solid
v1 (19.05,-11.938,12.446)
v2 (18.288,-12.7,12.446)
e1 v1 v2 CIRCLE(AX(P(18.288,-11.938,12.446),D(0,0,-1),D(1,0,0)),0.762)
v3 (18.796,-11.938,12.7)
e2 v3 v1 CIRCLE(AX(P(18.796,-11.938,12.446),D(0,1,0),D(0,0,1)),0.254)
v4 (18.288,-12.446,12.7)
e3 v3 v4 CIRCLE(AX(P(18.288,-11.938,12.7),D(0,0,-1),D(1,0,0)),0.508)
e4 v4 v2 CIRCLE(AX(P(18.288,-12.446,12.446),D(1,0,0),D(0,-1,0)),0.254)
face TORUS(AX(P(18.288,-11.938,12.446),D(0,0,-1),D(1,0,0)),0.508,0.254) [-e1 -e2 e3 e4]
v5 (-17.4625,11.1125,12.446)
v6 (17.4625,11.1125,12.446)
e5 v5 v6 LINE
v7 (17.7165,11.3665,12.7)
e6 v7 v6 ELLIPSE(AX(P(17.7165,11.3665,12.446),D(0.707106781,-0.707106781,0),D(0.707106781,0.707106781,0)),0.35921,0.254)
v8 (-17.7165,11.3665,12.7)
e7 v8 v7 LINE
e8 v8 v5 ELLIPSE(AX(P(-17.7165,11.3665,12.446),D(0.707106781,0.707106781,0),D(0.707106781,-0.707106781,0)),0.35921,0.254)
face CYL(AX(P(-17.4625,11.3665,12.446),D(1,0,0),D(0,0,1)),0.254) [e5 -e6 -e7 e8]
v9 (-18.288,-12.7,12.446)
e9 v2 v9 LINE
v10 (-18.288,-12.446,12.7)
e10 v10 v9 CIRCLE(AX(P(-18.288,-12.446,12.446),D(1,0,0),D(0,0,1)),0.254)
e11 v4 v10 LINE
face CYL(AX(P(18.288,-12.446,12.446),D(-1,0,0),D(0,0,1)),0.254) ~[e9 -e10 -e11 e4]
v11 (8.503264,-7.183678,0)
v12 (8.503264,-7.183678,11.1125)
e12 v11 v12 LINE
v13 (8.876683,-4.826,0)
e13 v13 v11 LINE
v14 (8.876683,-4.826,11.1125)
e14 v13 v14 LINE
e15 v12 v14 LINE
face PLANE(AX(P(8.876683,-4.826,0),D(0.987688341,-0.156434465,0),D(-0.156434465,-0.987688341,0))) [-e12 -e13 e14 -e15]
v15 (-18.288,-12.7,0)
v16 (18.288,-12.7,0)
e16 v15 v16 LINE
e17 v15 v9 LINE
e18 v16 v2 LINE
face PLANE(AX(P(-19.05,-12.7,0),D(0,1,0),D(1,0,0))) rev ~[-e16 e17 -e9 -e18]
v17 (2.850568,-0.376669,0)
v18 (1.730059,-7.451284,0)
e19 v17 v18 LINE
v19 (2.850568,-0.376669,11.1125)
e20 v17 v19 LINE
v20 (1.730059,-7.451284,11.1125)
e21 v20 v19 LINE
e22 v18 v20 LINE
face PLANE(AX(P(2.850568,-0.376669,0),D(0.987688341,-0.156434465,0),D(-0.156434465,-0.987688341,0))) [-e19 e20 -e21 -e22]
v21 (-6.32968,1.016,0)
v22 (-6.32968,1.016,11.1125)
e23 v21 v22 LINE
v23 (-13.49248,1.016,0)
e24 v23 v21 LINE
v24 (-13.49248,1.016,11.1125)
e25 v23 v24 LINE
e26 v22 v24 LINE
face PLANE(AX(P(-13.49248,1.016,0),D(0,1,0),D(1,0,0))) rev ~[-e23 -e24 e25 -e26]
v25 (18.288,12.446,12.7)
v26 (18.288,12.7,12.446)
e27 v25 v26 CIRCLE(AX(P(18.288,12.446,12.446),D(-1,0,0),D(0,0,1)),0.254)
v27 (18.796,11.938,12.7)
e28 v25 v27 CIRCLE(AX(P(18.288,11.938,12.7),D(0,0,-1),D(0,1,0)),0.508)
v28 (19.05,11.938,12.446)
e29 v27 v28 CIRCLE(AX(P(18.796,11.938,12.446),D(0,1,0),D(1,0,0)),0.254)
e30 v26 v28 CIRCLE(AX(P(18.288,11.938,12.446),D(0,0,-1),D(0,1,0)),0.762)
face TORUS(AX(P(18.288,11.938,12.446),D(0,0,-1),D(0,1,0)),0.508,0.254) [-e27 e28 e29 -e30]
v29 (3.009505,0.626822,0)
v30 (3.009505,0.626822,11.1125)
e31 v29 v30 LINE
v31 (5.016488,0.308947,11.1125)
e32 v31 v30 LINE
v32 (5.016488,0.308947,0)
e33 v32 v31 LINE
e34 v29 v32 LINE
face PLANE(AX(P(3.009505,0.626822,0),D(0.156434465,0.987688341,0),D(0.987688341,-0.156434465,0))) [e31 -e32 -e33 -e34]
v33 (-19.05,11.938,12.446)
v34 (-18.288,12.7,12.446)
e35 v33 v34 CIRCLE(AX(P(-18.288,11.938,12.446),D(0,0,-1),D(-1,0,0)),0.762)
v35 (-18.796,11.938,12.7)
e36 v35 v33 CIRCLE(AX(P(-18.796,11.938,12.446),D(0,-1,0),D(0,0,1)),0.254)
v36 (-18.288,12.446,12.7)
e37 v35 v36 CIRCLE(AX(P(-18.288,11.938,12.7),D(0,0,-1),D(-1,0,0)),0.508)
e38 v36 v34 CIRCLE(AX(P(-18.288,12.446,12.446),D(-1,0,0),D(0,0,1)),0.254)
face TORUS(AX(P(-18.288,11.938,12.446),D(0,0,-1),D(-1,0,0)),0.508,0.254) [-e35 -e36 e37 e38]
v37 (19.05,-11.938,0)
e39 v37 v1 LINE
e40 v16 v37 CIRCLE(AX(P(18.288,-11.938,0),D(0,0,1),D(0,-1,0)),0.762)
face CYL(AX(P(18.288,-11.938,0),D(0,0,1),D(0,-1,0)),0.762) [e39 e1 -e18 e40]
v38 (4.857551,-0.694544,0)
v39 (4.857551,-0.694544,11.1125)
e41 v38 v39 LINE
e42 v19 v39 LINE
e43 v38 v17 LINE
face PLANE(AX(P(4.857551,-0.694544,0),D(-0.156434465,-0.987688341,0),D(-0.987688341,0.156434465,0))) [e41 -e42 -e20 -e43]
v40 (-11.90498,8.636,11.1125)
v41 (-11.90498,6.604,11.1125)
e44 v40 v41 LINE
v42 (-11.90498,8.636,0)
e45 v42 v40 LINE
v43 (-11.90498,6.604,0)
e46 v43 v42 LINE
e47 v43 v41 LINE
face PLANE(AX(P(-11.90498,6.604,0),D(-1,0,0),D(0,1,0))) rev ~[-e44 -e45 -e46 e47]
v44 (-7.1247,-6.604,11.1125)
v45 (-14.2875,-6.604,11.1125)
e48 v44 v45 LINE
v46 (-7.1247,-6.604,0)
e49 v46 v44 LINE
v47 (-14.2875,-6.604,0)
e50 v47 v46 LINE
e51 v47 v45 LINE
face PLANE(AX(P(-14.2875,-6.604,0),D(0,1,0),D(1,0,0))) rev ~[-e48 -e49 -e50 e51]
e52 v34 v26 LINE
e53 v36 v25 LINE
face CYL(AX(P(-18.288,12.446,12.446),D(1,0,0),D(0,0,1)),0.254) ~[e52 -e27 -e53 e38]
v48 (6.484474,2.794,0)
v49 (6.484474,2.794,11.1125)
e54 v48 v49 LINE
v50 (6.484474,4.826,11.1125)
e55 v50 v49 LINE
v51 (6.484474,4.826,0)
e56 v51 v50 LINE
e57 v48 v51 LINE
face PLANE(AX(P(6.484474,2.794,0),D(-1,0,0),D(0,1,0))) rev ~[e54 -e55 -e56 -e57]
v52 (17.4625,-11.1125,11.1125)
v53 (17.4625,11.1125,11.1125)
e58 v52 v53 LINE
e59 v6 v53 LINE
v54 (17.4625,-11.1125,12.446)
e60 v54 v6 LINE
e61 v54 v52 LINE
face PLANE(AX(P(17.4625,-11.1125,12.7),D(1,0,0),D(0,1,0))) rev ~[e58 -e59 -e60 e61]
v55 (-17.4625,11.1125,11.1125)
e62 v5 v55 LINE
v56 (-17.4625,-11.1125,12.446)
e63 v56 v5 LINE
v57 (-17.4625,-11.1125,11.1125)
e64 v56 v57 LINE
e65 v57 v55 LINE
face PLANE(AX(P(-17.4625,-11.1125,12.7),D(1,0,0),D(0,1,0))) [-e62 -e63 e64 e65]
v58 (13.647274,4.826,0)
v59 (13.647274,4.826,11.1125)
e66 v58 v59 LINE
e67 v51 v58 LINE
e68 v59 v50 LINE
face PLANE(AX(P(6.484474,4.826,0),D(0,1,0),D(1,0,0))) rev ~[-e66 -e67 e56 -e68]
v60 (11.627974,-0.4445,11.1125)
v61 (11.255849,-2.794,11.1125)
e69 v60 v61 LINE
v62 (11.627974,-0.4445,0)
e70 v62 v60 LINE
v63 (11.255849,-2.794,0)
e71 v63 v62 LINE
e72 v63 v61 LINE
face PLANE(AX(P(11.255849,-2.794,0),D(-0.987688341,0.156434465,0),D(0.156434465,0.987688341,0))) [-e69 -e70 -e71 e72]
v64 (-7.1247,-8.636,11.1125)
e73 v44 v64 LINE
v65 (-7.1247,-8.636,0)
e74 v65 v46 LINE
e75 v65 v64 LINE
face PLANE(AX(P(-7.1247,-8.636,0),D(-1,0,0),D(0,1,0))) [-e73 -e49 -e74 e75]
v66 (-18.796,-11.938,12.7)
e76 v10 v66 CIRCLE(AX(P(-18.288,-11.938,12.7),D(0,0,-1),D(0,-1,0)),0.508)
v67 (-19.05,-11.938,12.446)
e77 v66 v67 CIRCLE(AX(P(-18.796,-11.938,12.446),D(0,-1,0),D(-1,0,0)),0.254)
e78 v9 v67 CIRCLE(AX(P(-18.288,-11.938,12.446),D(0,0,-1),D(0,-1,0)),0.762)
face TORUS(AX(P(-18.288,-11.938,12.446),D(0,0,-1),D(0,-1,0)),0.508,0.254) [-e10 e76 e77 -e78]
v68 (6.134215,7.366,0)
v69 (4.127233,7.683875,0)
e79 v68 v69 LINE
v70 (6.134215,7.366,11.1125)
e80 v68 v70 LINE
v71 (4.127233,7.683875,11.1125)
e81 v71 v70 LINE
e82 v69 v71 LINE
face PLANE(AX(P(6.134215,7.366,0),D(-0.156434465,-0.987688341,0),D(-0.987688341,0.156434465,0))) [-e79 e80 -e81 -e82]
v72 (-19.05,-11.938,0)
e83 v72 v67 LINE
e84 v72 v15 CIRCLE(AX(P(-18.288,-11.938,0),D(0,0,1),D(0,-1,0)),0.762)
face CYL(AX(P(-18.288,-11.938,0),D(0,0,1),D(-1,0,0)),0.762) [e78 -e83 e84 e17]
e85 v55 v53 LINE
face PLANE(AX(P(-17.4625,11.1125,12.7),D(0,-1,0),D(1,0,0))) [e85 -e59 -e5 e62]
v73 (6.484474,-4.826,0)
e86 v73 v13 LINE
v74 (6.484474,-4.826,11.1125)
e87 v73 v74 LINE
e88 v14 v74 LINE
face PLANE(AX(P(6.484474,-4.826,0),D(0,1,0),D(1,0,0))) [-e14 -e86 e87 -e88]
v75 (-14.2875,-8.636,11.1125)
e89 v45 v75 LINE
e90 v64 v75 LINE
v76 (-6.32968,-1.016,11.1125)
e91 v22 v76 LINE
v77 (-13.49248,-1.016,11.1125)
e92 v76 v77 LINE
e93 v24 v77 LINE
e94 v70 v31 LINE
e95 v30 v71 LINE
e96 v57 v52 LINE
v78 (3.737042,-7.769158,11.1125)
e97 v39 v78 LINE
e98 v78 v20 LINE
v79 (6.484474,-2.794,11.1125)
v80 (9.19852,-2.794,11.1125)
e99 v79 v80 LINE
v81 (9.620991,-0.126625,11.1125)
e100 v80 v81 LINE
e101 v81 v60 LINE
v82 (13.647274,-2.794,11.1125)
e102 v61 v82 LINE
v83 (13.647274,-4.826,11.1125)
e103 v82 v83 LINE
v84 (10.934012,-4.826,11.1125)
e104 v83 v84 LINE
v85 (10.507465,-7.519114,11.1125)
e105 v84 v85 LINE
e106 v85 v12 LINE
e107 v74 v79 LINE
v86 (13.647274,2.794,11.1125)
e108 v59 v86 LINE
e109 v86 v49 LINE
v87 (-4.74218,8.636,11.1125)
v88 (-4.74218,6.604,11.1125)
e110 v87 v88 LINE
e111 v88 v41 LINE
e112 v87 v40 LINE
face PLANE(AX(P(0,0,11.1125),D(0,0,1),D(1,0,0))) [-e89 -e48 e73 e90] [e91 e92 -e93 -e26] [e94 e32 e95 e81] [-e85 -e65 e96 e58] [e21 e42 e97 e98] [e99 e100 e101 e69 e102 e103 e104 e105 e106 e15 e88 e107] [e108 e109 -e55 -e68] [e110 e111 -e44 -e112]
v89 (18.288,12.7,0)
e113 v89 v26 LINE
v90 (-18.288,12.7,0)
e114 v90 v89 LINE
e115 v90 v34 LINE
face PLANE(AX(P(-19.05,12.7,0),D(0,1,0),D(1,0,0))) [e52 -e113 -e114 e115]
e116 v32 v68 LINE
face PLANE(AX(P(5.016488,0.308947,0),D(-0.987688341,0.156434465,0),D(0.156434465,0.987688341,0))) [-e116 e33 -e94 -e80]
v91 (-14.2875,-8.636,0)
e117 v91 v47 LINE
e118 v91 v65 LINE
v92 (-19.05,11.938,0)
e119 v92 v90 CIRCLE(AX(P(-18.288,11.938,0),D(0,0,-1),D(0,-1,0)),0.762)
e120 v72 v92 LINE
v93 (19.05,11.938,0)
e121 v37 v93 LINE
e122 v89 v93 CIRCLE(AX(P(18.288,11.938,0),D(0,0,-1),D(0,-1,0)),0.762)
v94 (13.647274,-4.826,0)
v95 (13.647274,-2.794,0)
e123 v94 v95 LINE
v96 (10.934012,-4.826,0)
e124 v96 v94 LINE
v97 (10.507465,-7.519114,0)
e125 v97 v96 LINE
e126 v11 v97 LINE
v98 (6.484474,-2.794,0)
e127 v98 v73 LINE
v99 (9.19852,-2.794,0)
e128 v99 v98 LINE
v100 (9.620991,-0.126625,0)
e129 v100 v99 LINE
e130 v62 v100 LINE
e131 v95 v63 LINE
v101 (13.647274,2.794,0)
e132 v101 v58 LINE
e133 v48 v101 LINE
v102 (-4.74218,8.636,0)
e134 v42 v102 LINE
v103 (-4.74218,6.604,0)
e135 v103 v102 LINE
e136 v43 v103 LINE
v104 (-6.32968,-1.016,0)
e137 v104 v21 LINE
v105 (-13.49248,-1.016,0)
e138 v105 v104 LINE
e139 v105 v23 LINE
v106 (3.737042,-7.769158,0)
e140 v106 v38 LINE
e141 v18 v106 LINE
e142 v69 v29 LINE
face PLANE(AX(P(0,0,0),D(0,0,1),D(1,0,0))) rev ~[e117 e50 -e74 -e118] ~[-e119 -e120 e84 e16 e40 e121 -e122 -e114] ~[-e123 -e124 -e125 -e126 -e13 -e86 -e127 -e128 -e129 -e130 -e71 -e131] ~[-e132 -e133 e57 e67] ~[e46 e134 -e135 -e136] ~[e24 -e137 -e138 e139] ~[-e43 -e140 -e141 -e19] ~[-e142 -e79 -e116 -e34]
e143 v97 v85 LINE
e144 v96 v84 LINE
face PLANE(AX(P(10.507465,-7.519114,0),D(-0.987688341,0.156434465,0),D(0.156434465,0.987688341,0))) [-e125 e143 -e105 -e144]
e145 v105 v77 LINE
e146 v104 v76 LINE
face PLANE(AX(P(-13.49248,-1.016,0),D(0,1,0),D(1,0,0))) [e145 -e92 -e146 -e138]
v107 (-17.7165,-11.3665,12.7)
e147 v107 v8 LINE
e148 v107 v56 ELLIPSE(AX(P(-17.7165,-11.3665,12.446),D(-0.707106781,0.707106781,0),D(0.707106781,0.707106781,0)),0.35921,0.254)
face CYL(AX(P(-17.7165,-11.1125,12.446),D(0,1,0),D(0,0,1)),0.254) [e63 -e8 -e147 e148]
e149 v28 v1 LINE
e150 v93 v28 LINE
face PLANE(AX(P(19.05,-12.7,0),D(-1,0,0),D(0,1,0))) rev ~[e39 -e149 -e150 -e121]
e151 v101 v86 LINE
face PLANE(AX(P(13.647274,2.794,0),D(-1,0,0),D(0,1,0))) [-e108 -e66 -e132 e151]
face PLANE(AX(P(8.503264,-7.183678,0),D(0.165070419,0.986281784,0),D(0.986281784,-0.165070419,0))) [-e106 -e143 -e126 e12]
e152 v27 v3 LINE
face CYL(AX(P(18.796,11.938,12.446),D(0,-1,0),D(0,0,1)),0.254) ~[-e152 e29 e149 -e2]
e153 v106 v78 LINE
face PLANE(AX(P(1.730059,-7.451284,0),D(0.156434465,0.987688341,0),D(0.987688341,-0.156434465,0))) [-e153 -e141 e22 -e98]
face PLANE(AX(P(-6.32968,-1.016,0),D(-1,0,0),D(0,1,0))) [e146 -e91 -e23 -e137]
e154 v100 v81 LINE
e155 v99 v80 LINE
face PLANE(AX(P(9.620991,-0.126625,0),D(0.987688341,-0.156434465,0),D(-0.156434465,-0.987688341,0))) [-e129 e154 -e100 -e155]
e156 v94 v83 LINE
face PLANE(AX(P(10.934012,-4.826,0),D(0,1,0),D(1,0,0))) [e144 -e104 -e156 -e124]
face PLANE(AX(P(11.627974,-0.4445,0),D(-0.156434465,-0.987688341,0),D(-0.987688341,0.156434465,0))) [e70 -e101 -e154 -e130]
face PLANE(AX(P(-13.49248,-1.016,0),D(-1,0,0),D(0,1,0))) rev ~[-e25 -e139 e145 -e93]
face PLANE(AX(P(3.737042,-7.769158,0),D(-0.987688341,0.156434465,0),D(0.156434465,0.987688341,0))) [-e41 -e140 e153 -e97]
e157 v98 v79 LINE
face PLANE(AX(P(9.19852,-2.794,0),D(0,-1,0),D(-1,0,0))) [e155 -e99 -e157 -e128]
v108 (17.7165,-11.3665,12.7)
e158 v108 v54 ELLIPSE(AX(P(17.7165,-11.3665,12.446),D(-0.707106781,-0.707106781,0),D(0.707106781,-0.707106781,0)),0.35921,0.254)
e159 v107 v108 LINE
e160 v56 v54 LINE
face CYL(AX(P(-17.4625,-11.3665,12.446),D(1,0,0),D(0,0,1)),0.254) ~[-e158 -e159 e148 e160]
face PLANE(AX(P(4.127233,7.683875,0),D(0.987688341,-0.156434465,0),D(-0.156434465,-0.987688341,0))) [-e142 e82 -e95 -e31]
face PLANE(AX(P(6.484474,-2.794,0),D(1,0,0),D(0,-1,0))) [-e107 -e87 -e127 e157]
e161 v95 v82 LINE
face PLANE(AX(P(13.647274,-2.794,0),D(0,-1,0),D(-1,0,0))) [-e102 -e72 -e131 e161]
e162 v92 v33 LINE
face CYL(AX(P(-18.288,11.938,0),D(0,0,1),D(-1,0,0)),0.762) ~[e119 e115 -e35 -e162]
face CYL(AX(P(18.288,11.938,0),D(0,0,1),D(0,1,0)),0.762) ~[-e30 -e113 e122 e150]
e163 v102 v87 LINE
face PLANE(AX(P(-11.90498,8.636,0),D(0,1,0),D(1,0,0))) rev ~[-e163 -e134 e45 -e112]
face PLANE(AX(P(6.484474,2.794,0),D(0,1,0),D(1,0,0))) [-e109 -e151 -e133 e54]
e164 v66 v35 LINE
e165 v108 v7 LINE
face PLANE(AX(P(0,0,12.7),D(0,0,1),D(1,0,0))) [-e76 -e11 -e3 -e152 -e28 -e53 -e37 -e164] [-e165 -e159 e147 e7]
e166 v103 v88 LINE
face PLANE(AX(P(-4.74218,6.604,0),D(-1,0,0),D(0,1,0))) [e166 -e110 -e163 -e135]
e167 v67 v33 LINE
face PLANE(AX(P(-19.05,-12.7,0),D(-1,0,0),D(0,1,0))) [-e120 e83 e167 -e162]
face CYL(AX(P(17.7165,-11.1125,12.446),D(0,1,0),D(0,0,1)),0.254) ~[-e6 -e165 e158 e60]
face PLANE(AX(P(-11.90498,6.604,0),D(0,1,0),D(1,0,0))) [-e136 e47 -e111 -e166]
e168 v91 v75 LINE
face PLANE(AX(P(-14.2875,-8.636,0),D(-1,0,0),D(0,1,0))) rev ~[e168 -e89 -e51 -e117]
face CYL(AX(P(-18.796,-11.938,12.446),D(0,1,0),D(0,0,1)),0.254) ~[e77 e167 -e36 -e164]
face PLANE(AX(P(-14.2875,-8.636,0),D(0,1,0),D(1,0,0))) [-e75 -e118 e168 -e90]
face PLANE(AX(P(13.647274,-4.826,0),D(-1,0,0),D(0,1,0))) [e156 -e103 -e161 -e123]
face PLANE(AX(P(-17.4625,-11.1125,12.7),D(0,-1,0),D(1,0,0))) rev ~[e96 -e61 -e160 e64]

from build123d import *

# Parameters (mm, degrees)
F0_W     = 38.1
F0_H     = 25.4
F1_DEPTH = 12.7
F2_W     = 34.925
F2_H     = 22.225
F3_DEPTH = 1.5875
F4_R     = 0.762
F5_R     = 0.254
F6_W     = 7.1628
F6_H     = 2.032
F7_DEPTH = 25.4


with BuildPart() as f1:
    # F0 (on Top) → F1 (new body)
    with BuildSketch(Plane.XY):
        Rectangle(F0_W, F0_H)
    extrude(amount=F1_DEPTH)

    # F2 (on face) → F3 (cut)
    with BuildSketch(Plane.XY.offset(12.7)):
        Rectangle(F2_W, F2_H)
    extrude(amount=-F3_DEPTH, mode=Mode.SUBTRACT)

    # F4
    f4_edges = [f1.edges().sort_by_distance(p)[0] for p in [
        (-19.05, -12.7, 6.35),
        (-19.05, 12.7, 6.35),
        (19.05, 12.7, 6.35),
        (19.05, -12.7, 6.35),
    ]]
    fillet(f4_edges, radius=F4_R)

    # F5
    f5_edges = [f1.edges().sort_by_distance(p)[0] for p in [
        (0, 12.7, 12.7),
        (18.826815, 12.476815, 12.7),
        (-18.826815, 12.476815, 12.7),
        (19.05, 0, 12.7),
        (-19.05, 0, 12.7),
        (18.826815, -12.476815, 12.7),
        (-18.826815, -12.476815, 12.7),
        (0, -12.7, 12.7),
        (0, 11.1125, 12.7),
        (-17.4625, 0, 12.7),
        (0, -11.1125, 12.7),
        (17.4625, 0, 12.7),
    ]]
    fillet(f5_edges, radius=F5_R)

    # F6 (on Top) → F7 (cut)
    with BuildSketch(Plane.XY):
        with Locations((-10.7061, -7.62)):
            Rectangle(F6_W, F6_H)
        with Locations((-9.91108, 0)):
            Rectangle(F6_W, F6_H)
        with Locations((-8.32358, 7.62)):
            Rectangle(F6_W, F6_H)
        with Locations((10.0658737301, 3.81)):
            Rectangle(F6_W, F6_H)
        Polygon((9.198520352, -2.794), (6.4844737301, -2.794), (6.4844737301, -4.826), (8.8766831692, -4.826), align=None)
        Polygon((9.620991022, -0.126625167), (9.198520352, -2.794), (11.2558494876, -2.794), (11.6279737301, -0.4445), align=None)
        Polygon((11.2558494876, -2.794), (9.198520352, -2.794), (8.8766831692, -4.826), (10.9340123049, -4.826), align=None)
        Polygon((13.6472737301, -2.794), (11.2558494876, -2.794), (10.9340123049, -4.826), (13.6472737301, -4.826), align=None)
        Polygon((10.9340123049, -4.826), (8.8766831692, -4.826), (8.5032636406, -7.1836781144), (10.5074649439, -7.519114046), align=None)
        Polygon((5.0164880452, 0.3089470527), (6.1342154266, 7.366), (4.1272327185, 7.683874833), (3.0095053371, 0.6268218856), align=None)
        Polygon((3.7370418425, -7.7691583474), (4.8575506287, -0.6945443014), (2.8505679206, -0.3766694684), (1.7300591344, -7.4512835144), align=None)
    extrude(amount=F7_DEPTH, mode=Mode.SUBTRACT)


solid = f1.part
